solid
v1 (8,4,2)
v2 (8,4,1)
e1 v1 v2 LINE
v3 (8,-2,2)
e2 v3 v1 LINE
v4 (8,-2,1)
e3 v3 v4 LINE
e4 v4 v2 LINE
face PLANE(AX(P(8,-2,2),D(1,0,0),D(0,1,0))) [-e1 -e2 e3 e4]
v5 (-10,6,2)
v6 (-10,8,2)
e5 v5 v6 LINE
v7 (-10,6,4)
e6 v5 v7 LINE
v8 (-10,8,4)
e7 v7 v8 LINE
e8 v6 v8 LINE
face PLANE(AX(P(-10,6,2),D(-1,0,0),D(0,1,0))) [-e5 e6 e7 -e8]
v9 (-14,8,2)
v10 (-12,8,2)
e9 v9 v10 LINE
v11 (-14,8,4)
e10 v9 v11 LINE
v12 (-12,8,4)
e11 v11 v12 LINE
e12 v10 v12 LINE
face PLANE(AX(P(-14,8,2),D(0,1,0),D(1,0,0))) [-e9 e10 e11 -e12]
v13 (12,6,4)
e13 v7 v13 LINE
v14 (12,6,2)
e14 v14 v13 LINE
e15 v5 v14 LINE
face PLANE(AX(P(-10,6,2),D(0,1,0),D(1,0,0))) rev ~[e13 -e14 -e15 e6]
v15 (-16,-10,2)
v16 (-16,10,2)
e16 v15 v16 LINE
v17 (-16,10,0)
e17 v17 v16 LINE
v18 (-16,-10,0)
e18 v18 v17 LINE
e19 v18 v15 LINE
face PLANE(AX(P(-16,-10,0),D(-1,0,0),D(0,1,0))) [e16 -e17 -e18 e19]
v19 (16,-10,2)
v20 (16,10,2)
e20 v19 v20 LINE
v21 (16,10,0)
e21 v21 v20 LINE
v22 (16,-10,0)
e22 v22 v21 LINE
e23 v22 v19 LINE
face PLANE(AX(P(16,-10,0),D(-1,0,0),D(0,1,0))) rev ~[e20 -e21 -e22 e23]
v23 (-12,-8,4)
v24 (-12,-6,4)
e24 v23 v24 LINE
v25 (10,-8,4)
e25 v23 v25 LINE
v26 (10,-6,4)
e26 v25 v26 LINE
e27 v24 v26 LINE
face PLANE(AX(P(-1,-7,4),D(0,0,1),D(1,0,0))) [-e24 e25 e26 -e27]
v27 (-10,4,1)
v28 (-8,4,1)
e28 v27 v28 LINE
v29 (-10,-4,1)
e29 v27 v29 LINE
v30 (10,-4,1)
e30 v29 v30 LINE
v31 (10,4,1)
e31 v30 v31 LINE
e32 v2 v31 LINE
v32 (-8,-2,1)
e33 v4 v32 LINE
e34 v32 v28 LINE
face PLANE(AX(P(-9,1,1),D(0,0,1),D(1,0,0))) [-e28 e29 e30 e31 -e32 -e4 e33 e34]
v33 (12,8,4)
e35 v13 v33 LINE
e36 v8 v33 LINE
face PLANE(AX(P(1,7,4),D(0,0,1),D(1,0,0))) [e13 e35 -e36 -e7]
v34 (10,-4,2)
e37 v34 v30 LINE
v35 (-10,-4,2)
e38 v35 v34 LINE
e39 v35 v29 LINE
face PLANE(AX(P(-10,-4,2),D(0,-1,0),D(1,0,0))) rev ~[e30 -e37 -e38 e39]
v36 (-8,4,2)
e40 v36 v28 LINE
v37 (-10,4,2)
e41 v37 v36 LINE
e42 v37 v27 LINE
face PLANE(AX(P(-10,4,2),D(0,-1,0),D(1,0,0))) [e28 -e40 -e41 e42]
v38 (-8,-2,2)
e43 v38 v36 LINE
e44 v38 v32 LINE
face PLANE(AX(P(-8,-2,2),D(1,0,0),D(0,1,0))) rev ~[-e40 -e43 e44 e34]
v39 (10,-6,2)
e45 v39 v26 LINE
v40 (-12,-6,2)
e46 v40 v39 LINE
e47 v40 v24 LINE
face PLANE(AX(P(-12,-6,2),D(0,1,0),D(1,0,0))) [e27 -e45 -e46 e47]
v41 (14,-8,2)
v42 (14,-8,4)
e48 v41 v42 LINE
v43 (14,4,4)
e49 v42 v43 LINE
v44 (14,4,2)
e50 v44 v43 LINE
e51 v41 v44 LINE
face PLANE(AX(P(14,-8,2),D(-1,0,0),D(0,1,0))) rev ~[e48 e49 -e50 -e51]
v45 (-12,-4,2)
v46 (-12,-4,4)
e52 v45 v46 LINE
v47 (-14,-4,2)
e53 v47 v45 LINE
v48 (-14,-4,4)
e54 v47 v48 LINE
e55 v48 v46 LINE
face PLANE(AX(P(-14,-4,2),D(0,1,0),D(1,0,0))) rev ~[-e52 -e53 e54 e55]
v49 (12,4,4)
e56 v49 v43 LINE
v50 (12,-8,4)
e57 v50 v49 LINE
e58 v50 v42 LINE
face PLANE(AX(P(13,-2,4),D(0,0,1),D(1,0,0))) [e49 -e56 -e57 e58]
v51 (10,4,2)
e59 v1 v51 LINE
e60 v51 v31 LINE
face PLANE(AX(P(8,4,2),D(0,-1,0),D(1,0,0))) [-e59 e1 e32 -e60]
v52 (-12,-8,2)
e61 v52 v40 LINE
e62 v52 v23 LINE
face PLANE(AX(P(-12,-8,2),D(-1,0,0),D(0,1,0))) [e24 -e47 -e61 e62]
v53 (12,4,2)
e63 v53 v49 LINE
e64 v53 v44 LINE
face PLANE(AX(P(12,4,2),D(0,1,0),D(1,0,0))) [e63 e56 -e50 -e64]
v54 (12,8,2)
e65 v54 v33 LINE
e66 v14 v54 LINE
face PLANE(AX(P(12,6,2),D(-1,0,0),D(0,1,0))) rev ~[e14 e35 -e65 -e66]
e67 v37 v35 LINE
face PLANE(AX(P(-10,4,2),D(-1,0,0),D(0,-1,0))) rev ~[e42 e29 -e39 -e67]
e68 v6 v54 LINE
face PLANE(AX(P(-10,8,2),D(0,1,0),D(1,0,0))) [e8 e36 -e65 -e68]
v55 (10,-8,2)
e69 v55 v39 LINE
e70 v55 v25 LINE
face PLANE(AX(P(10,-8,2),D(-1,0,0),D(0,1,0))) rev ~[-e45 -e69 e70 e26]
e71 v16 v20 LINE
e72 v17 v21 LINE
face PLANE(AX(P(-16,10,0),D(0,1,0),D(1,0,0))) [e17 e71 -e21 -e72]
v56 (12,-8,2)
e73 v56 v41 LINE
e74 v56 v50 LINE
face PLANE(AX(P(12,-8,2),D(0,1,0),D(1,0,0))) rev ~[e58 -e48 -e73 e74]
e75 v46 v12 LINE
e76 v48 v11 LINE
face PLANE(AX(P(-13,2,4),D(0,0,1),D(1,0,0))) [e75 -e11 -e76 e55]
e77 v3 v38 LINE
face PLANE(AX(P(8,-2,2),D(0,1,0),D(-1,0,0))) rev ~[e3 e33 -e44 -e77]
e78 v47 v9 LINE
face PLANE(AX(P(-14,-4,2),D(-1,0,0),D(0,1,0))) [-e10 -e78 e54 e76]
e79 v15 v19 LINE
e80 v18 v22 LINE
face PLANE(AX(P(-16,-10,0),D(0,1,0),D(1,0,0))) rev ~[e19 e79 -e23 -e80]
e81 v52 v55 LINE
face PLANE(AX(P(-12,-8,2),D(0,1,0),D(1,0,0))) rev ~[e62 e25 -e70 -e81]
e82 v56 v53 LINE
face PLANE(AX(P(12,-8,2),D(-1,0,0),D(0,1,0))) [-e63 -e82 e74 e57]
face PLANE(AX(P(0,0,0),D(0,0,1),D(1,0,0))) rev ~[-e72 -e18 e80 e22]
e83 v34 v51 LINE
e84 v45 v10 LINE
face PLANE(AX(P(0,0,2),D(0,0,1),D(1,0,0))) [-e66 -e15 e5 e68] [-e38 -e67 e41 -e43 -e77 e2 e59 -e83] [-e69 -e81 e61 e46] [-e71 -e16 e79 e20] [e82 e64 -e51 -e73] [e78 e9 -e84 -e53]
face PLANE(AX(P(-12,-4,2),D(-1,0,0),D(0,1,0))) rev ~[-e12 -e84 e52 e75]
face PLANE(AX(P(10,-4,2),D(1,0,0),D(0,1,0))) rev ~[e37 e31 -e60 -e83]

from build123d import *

# Parameters (mm, degrees)
F1_W     = 32
F1_H     = 20
F2_DEPTH = 2
F3_W     = 2
F3_H     = 12
F3_W_2   = 22
F3_H_2   = 2
F4_DEPTH = 2
F5_W     = 2
F5_H     = 6
F6_DEPTH = 1


with BuildPart() as f2:
    # F1 (on Top) → F2 (new body)
    with BuildSketch(Plane.XY):
        Rectangle(F1_W, F1_H)
    extrude(amount=F2_DEPTH)

    # F3 (on face) → F4 (join)
    with BuildSketch(Plane.XY.offset(2)):
        with Locations((-13, 2)):
            Rectangle(F3_W, F3_H)
        with Locations((1, 7)):
            Rectangle(F3_W_2, F3_H_2)
        with Locations((13, -2)):
            Rectangle(F3_W, F3_H)
        with Locations((-1, -7)):
            Rectangle(F3_W_2, F3_H_2)
    extrude(amount=F4_DEPTH)

    # F5 (on face) → F6 (cut)
    with BuildSketch(Plane.XY.offset(2)):
        with Locations((-9, 1)):
            Rectangle(F5_W, F5_H)
        Polygon((-10, -2), (-10, -4), (10, -4), (10, -2), (8, -2), (-8, -2), align=None)
        with Locations((9, 1)):
            Rectangle(F5_W, F5_H)
    extrude(amount=-F6_DEPTH, mode=Mode.SUBTRACT)


solid = f2.part
